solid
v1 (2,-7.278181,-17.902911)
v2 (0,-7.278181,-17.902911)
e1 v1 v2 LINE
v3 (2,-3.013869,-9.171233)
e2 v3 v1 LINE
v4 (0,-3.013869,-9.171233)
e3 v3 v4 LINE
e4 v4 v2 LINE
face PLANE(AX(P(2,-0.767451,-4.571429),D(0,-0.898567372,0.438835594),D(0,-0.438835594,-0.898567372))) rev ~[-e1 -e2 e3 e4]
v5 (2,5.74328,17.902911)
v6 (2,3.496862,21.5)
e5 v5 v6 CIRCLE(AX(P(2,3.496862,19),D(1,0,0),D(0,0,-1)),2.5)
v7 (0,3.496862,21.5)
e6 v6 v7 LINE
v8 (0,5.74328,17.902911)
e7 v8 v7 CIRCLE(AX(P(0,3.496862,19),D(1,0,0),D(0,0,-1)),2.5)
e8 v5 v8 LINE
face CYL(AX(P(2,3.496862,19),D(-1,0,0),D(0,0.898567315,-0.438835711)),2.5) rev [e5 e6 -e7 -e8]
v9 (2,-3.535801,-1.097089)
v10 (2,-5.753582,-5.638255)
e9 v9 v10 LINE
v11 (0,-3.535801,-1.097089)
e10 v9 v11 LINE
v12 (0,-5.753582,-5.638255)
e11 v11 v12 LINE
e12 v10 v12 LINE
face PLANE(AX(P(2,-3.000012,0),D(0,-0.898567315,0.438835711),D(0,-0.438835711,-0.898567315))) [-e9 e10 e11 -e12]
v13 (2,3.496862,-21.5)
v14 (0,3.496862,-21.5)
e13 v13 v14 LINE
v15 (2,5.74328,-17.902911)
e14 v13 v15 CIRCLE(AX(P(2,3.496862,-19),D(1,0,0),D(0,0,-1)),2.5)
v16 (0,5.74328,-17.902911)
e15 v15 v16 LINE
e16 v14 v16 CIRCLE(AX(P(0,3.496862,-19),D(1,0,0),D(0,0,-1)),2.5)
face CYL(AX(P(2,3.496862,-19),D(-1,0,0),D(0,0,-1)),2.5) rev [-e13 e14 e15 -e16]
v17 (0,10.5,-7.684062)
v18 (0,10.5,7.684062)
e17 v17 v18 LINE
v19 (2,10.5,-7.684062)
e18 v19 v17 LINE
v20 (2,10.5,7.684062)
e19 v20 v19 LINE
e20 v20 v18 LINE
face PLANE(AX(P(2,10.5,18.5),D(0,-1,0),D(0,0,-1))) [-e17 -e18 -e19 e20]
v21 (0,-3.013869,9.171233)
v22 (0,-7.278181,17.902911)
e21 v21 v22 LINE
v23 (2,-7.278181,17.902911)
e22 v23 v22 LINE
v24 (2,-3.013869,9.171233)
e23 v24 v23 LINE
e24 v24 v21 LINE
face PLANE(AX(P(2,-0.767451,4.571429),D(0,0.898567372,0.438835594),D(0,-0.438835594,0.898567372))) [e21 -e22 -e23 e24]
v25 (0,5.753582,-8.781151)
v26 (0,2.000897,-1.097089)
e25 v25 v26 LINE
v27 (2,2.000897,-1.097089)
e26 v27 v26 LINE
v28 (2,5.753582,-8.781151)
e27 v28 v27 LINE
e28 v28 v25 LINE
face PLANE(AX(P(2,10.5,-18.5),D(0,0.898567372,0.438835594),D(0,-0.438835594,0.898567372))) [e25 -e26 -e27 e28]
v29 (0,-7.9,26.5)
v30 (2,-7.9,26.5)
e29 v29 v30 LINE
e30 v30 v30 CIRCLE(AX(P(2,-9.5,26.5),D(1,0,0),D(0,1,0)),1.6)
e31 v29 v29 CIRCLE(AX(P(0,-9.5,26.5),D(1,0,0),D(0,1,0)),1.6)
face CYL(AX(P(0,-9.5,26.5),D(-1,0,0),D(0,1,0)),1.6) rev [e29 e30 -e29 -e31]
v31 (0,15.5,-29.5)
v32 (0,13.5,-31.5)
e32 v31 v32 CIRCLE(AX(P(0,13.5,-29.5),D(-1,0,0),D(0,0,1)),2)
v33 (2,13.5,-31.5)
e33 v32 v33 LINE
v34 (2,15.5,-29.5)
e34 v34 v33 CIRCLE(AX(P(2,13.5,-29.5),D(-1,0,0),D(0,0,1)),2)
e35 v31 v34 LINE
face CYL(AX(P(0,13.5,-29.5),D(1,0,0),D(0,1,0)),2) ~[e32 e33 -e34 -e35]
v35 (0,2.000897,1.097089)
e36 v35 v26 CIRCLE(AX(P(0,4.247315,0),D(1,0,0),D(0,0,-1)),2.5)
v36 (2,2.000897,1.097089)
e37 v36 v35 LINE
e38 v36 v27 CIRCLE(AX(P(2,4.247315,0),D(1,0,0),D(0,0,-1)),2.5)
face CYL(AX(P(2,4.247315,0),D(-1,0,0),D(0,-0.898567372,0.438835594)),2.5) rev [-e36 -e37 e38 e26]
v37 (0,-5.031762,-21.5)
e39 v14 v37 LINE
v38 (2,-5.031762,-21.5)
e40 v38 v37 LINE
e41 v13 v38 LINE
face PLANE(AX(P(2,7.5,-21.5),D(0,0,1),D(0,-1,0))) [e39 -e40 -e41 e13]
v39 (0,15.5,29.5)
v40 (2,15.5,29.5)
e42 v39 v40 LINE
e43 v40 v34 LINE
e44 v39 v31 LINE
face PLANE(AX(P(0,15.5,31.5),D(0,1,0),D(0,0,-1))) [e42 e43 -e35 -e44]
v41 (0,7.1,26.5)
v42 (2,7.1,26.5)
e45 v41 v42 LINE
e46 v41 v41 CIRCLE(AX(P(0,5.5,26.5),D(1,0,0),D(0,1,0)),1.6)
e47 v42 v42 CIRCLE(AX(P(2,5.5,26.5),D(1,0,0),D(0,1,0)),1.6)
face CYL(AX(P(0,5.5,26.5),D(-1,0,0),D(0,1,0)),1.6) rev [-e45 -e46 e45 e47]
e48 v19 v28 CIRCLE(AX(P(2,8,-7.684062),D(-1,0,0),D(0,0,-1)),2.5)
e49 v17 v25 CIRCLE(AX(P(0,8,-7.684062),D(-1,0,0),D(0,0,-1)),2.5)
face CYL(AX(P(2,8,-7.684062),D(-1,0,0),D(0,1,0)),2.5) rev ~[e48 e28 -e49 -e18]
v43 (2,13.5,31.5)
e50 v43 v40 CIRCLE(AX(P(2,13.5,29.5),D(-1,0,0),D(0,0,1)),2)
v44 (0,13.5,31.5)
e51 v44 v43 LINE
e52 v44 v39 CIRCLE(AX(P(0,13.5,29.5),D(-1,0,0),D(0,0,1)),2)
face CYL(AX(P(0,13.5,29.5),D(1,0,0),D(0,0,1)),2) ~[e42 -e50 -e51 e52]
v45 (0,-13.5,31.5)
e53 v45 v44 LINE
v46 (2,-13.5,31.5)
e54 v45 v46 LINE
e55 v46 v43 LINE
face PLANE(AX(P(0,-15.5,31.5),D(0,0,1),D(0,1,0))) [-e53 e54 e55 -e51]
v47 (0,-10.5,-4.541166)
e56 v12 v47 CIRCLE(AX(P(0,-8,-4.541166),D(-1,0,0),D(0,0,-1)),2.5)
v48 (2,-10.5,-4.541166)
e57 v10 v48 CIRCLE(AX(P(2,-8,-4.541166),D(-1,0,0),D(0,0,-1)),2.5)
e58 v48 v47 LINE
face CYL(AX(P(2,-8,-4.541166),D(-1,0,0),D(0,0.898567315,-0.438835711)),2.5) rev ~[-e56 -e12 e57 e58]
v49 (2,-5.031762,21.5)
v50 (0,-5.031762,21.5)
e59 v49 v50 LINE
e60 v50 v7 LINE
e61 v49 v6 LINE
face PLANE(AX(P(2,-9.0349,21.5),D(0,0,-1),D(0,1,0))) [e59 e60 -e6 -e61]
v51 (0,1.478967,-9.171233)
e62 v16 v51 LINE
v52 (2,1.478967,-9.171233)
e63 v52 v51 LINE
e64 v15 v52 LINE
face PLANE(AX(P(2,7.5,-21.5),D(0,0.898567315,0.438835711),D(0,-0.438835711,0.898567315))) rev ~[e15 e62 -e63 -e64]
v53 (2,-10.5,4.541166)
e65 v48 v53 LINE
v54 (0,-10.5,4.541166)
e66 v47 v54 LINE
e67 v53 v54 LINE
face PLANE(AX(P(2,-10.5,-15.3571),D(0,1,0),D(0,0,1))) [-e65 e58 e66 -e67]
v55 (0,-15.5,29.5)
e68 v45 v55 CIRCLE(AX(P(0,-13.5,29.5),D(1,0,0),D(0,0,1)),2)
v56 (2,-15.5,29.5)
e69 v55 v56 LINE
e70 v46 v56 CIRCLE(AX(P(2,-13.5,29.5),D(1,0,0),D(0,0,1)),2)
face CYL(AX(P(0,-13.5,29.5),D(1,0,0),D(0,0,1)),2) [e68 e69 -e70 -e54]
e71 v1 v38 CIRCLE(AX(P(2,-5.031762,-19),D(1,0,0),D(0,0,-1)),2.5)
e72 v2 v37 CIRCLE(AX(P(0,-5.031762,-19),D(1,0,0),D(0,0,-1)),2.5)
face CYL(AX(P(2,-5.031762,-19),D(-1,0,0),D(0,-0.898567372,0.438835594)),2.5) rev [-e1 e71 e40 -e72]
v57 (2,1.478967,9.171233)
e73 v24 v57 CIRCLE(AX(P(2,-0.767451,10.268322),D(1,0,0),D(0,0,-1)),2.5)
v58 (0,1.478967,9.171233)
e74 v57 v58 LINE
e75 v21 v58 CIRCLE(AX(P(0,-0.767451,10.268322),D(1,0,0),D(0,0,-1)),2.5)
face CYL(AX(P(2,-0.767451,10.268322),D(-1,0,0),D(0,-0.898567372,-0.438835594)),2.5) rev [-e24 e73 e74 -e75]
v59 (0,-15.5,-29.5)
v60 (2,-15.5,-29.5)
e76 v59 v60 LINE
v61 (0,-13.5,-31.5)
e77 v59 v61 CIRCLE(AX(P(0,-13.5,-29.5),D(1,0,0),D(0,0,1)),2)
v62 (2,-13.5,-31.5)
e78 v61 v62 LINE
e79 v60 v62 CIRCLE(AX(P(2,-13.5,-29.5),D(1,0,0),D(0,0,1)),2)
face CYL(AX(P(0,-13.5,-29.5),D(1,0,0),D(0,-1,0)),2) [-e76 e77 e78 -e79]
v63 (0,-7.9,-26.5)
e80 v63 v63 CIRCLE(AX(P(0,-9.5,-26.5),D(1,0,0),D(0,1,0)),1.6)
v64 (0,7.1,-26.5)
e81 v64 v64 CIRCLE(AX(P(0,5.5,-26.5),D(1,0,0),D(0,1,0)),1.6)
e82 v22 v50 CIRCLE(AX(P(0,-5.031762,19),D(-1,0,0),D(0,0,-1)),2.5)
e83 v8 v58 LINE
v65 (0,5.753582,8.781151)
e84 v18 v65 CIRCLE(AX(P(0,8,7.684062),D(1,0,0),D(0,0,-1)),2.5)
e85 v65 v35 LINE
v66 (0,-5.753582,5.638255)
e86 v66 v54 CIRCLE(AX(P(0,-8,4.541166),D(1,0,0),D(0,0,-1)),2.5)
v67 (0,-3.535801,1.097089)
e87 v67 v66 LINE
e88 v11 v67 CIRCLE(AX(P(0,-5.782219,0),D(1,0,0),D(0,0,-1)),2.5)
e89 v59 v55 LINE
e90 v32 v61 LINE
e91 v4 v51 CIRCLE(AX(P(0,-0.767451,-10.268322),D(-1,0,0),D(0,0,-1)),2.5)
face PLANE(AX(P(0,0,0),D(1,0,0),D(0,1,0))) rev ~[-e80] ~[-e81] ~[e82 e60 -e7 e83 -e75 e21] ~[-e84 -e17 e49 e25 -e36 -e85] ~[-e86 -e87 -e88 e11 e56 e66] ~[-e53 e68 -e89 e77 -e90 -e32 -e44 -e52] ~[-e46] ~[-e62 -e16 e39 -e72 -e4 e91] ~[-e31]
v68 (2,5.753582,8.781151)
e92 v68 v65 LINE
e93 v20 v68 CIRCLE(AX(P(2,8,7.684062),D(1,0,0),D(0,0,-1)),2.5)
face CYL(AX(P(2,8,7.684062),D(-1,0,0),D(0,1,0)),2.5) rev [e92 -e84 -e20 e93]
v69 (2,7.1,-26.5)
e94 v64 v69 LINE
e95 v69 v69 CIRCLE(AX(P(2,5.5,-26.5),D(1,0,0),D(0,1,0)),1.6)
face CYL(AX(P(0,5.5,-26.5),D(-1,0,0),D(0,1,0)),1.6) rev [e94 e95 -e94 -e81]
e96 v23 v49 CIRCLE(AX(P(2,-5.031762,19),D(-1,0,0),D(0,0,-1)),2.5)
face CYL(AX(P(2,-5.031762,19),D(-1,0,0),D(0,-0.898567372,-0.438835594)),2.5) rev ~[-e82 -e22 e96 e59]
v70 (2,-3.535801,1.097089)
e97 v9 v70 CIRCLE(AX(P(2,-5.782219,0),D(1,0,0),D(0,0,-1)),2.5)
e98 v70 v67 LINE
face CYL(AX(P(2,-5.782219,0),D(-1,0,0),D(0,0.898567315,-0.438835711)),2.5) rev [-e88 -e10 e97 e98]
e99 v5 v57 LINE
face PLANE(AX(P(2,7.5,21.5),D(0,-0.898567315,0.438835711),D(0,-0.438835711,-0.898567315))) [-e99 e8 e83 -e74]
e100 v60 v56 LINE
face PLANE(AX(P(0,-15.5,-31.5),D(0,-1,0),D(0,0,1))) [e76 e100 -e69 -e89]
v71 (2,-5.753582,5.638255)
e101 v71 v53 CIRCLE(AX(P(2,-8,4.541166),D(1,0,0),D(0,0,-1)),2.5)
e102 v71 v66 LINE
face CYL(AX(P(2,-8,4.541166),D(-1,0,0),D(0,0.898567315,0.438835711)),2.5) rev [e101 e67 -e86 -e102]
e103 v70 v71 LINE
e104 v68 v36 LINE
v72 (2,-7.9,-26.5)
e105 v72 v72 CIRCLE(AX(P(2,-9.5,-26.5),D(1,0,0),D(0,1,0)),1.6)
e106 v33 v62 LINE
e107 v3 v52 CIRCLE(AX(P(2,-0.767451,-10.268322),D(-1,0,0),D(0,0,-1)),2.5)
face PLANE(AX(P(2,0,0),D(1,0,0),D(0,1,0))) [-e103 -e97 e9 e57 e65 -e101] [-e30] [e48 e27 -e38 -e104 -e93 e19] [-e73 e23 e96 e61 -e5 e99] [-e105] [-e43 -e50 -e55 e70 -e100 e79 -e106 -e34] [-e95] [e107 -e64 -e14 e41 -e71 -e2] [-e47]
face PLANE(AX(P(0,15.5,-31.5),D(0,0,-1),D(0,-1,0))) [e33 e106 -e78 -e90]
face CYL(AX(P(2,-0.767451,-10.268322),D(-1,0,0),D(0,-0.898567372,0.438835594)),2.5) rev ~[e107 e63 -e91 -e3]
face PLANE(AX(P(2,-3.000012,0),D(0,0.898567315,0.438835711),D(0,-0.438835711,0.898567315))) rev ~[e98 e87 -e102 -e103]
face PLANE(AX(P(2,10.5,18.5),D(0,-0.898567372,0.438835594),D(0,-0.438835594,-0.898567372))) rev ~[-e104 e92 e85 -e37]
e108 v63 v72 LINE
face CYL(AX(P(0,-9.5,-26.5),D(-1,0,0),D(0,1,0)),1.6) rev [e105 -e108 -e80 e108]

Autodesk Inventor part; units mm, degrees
ref_plane "YZ Plane" through (0, 0, 0) normal (1, 0, 0) x (0, 1, 0)
ref_plane "XZ Plane" through (0, 0, 0) normal (0, 1, 0) x (-1, 0, 0)
ref_plane "XY Plane" through (0, 0, 0) normal (0, 0, 1) x (1, 0, 0)
sketch "Sketch1" plane through (0, 0, 0) normal (1, 0, 0) x (0, 1, 0)
  line L0 (-15.5, 31.5) -> (15.5, 31.5)
  line L1 (15.5, 31.5) -> (15.5, -31.5)
  line L2 (15.5, -31.5) -> (-15.5, -31.5)
  line L3 (-15.5, -31.5) -> (-15.5, 31.5)
  line L4 (-15.5, 31.5) -> (15.5, -31.5) construction
  line L5 (15.5, 31.5) -> (-15.5, -31.5) construction
  circle A0 centre (5.5, 26.5) radius 1.6
  circle A1 centre (5.5, -26.5) radius 1.6
  circle A2 centre (-9.5, -26.5) radius 1.6
  circle A3 centre (-9.5, 26.5) radius 1.6
  circle A4 centre (0, 10.5) radius 6
  circle A5 centre (0, -10.5) radius 6
  point P0 (0, 0)
  point P1 (-9.5, 26.5)
  point P2 (5.5, -26.5)
  point P3 (-9.5, -16)
  dimension "d0" = 63
  dimension "d1" = 31
  dimension "d2" = 5
  dimension "d3" = 10
  dimension "d5" = 15
  dimension "d6" = 5
  dimension "d7" = 3.2
  dimension "d8" = 3.2
  dimension "d9" = 3.2
  dimension "d10" = 3.2
  dimension "d15" = 5
  dimension "d16" = 5
  dimension "d17" = 5
  dimension "d18" = 21
  dimension "d19" = 21
  dimension "d20" = 12
  dimension "d21" = 12
extrude "Extrusion1" add sketch "Sketch1" along normal blind 2 contours L0 L1 L2 L3 | A4 | A5
fillet "Fillet1" radius 2 4 edges at (1, 15.5, 31.5) (1, -15.5, 31.5) (1, -15.5, -31.5) (1, 15.5, -31.5)
sketch "Sketch2" plane through (2, 0, 0) normal (1, 0, 0) x (0, 0, -1)
  line L0 (21.5, -10.5) -> (-21.5, -10.5)
  line L1 (-21.5, -10.5) -> (-21.5, 10.5)
  line L2 (-21.5, 10.5) -> (21.5, 10.5)
  line L3 (21.5, 10.5) -> (21.5, -10.5)
  line L4 (21.5, -10.5) -> (-21.5, 10.5) construction
  line L5 (-21.5, -10.5) -> (21.5, 10.5) construction
  line L6 (29.5, 15.5) -> (-29.5, 15.5) projected
  line L7 (-29.5, -15.5) -> (29.5, -15.5) projected
  line L8 (31.5, -13.5) -> (31.5, 13.5) projected
  line L9 (-31.5, 13.5) -> (-31.5, -13.5) projected
  line L10 (-21.5, 10.5) -> (21.5, -10.5)
  line L11 (21.5, 10.5) -> (-21.5, -10.5)
  line L12 (-21.5, 7.5) -> (15.3571, -10.5)
  line L13 (-18.5, 10.5) -> (21.5, -9.0349)
  line L14 (0, 10.5) -> (0, 6.4862)
  line L15 (21.5, 7.5) -> (-15.3571, -10.5)
  line L16 (18.5, 10.5) -> (-21.5, -9.0349)
  point P0 (0, 0)
  point P1 (0, -3)
  point P2 (-15.3571, -10.5)
  point P3 (21.5, 7.5)
  point P4 (4.5714, -0.7674)
  point P5 (0, 1.4651)
  point P6 (18.5, 10.5)
  point P7 (-21.5, -9.0349)
  point P8 (-4.5714, -0.7674)
  dimension "d22" = 5
  dimension "d23" = 5
  dimension "d24" = 10
  dimension "d25" = 10
  dimension "d26" = 3
  dimension "d27" = 3
  dimension "d31" = 180
extrude "Extrusion2" cut sketch "Sketch2" against normal blind 2 contours L0 L15 L12 | L13 L15 L3 | L1 L12 L16 | L16 L13 L2
fillet "Fillet2" radius 2.5 12 edges at (1, 7.5, 21.5) (1, 10.5, 18.5) (1, 10.5, -18.5) (1, 7.5, -21.5) (1, -9.0349, -21.5) (1, -10.5, -15.3571) (1, -3, 0) (1, 1.4651, 0) (1, -0.7674, -4.5714) (1, -0.7674, 4.5714) (1, -10.5, 15.3571) (1, -9.0349, 21.5)
equation "\"d15\" = d2"
equation "\"d16\" = d6"
equation "\"d17\" = d6"
properties part number "2mm_double_for_pulley" material "アルミニウム 6061"
